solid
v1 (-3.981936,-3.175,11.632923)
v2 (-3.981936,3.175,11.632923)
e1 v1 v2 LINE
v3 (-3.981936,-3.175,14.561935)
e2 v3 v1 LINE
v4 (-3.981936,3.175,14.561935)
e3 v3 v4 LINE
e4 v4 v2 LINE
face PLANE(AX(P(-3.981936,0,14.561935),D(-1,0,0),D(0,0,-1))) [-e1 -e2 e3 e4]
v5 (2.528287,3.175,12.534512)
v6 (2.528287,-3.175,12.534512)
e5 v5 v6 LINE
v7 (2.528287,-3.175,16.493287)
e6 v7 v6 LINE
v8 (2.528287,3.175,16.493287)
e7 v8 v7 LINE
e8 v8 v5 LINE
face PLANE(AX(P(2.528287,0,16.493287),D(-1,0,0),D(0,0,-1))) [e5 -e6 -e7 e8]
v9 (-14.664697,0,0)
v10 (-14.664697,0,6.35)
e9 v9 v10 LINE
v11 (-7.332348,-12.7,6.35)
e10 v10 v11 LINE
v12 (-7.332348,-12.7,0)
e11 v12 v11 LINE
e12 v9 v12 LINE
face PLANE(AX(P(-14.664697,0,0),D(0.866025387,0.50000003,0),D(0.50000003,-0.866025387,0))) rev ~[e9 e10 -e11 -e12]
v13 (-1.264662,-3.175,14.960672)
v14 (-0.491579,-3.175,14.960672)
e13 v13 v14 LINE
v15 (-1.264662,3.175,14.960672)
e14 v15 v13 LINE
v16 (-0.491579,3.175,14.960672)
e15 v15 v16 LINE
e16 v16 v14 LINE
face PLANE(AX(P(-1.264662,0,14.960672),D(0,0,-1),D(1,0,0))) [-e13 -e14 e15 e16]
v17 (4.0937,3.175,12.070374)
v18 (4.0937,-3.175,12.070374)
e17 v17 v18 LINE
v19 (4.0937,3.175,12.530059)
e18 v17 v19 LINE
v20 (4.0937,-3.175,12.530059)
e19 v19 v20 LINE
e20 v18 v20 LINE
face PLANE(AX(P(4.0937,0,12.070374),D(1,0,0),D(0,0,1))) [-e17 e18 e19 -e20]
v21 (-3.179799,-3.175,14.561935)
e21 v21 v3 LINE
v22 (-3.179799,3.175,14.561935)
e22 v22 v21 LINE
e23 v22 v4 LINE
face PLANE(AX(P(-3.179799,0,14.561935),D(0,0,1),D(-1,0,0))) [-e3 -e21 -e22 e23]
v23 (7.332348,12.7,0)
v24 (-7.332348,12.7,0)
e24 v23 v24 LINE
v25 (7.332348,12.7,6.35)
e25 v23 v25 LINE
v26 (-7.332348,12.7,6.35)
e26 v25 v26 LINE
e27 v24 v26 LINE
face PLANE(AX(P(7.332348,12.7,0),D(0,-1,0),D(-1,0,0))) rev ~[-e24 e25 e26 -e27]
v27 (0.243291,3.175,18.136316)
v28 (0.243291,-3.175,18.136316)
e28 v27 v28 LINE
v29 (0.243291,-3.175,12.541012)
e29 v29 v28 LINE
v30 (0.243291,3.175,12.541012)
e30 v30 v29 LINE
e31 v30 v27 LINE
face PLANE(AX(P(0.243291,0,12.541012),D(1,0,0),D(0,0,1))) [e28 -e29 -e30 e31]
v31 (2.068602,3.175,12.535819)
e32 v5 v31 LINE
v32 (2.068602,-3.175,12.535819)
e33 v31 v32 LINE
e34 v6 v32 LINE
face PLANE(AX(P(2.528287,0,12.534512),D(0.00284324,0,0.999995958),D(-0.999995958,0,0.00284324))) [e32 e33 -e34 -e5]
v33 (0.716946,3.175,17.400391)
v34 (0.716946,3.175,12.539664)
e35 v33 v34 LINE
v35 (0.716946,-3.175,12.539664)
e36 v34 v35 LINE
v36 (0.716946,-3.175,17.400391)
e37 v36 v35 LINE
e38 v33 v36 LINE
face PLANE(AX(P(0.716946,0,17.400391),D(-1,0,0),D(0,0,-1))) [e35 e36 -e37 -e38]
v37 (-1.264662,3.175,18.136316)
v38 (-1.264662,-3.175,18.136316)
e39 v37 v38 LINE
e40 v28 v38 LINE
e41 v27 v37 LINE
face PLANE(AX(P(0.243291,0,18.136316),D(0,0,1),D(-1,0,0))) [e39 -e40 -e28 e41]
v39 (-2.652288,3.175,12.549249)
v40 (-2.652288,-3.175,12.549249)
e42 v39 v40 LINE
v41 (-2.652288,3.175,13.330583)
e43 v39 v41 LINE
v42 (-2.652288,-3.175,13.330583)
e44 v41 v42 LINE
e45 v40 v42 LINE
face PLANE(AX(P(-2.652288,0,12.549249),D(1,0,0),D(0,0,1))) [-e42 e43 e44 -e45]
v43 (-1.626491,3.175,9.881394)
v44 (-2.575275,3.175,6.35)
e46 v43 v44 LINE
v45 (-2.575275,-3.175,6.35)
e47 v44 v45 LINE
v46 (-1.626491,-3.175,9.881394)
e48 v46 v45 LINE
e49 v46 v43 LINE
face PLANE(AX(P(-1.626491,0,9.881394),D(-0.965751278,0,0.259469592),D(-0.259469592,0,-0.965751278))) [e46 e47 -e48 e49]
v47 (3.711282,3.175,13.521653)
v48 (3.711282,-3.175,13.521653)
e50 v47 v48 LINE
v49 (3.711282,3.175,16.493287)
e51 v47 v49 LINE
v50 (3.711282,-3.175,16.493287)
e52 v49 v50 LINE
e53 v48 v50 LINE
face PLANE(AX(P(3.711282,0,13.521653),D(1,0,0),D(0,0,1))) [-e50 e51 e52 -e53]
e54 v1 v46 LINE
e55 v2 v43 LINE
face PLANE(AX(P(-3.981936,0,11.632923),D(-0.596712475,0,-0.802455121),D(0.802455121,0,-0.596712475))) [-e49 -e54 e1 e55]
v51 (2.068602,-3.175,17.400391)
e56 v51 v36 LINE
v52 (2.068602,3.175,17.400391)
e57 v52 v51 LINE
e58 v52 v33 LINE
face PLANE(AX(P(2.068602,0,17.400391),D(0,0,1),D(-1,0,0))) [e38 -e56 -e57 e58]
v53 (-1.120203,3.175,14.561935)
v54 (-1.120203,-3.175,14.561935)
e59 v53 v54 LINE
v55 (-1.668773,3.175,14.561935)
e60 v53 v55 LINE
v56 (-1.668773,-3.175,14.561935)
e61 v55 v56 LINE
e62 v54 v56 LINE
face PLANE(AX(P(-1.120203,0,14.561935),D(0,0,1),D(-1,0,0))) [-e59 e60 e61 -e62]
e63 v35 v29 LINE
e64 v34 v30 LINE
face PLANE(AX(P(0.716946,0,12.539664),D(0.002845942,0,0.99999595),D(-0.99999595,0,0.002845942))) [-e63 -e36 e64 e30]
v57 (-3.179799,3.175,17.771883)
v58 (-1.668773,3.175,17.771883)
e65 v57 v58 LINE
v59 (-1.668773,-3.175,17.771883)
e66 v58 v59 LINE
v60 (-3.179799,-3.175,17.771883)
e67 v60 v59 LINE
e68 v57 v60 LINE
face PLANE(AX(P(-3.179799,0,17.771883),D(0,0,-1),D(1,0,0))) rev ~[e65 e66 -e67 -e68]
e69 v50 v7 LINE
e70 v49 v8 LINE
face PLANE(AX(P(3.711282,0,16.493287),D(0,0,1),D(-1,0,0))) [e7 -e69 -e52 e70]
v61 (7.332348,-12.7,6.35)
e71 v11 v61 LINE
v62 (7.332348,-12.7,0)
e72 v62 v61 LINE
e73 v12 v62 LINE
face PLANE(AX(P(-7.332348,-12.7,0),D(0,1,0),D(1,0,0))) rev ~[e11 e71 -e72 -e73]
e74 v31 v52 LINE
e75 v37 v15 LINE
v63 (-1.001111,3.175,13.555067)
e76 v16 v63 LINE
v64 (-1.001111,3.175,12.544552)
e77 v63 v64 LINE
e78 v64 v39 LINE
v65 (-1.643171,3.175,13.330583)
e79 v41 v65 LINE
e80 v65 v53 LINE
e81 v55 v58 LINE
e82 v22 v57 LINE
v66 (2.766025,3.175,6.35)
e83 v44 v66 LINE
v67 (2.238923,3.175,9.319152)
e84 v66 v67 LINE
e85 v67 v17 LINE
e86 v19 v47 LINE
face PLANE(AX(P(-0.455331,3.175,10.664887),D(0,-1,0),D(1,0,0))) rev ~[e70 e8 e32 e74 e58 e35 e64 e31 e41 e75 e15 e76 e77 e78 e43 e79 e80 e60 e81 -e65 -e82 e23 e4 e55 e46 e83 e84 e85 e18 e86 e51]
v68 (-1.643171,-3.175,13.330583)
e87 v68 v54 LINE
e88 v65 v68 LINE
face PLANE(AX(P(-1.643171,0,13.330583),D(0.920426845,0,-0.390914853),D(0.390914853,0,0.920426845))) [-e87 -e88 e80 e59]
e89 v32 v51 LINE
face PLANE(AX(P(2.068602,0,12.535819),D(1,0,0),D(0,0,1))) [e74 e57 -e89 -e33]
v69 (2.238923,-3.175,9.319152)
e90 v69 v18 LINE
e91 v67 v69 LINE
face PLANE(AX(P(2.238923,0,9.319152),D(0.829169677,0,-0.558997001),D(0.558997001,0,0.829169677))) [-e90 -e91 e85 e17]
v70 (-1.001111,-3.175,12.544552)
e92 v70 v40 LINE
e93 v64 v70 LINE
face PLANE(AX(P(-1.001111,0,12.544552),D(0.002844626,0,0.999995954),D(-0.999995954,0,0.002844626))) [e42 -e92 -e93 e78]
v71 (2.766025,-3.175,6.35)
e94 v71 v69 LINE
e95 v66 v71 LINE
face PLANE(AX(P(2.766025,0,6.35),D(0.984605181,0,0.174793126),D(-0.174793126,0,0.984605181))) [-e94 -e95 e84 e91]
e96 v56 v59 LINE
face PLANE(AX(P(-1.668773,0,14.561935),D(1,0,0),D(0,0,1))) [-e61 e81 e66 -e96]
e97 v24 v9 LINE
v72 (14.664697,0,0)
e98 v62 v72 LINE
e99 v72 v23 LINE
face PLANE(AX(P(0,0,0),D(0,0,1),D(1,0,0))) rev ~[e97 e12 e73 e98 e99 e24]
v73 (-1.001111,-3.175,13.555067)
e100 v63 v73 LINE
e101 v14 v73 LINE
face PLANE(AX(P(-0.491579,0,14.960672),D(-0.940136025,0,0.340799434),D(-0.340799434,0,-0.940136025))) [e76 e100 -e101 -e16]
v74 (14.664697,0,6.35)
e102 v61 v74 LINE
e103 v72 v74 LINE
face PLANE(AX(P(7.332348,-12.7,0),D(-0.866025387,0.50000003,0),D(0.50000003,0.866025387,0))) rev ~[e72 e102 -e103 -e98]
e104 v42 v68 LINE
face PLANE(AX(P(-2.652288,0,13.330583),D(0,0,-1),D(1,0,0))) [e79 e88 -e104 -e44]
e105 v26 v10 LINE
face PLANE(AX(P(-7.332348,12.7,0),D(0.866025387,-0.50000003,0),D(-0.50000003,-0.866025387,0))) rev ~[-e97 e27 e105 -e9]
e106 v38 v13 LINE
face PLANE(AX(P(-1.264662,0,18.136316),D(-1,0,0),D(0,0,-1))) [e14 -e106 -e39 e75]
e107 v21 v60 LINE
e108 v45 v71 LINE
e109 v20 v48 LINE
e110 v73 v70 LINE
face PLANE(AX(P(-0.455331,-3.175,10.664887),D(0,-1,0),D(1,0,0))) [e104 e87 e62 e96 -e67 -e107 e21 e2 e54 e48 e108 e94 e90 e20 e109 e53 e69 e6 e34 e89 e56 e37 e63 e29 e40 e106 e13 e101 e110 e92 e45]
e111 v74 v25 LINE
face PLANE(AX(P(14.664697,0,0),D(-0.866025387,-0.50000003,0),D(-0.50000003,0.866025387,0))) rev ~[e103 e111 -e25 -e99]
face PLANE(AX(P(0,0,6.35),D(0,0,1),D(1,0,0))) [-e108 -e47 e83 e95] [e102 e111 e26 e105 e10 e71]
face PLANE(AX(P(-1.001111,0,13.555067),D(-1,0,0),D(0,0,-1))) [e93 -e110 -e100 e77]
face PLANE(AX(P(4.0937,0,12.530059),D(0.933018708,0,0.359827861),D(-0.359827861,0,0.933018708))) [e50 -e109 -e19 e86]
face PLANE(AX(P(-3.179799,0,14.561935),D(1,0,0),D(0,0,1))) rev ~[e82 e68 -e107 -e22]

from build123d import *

# Parameters (mm, degrees)
F1_DEPTH = 6.35
F2_W     = 1.511026
F2_H     = 3.209948
F3_DEPTH = 3.175


with BuildPart() as f1:
    # F0 (on Top) → F1 (new body)
    with BuildSketch(Plane.XY):
        Polygon((7.332348, 12.7), (-7.332348, 12.7), (-14.664697, 0), (-7.332348, -12.7), (7.332348, -12.7), (14.664697, 0), align=None)
    extrude(amount=F1_DEPTH)

    # F2 (on Front) → F3 (join, symmetric)
    with BuildSketch(Plane.XZ):
        Polygon((-1.626491, 9.881394), (-2.575275, 6.35), (2.766025, 6.35), (2.238923, 9.319152), (4.0937, 12.070374), (4.0937, 12.530059), (2.528287, 12.534512), (2.068602, 12.535819), (0.716946, 12.539664), (0.243291, 12.541012), (-1.001111, 12.544552), (-2.652288, 12.549249), (-2.652288, 13.330583), (-1.643171, 13.330583), (-1.120203, 14.561935), (-1.668773, 14.561935), (-3.179799, 14.561935), (-3.981936, 14.561935), (-3.981936, 11.632923), align=None)
        with Locations((-2.424286, 16.166909)):
            Rectangle(F2_W, F2_H)
        Polygon((2.528287, 12.534512), (4.0937, 12.530059), (3.711282, 13.521653), (3.711282, 16.493287), (2.528287, 16.493287), align=None)
        Polygon((0.716946, 12.539664), (2.068602, 12.535819), (2.068602, 17.400391), (0.716946, 17.400391), align=None)
        Polygon((-1.001111, 12.544552), (0.243291, 12.541012), (0.243291, 18.136316), (-1.264662, 18.136316), (-1.264662, 14.960672), (-0.491579, 14.960672), (-1.001111, 13.555067), align=None)
    extrude(amount=F3_DEPTH, both=True)


solid = f1.part
